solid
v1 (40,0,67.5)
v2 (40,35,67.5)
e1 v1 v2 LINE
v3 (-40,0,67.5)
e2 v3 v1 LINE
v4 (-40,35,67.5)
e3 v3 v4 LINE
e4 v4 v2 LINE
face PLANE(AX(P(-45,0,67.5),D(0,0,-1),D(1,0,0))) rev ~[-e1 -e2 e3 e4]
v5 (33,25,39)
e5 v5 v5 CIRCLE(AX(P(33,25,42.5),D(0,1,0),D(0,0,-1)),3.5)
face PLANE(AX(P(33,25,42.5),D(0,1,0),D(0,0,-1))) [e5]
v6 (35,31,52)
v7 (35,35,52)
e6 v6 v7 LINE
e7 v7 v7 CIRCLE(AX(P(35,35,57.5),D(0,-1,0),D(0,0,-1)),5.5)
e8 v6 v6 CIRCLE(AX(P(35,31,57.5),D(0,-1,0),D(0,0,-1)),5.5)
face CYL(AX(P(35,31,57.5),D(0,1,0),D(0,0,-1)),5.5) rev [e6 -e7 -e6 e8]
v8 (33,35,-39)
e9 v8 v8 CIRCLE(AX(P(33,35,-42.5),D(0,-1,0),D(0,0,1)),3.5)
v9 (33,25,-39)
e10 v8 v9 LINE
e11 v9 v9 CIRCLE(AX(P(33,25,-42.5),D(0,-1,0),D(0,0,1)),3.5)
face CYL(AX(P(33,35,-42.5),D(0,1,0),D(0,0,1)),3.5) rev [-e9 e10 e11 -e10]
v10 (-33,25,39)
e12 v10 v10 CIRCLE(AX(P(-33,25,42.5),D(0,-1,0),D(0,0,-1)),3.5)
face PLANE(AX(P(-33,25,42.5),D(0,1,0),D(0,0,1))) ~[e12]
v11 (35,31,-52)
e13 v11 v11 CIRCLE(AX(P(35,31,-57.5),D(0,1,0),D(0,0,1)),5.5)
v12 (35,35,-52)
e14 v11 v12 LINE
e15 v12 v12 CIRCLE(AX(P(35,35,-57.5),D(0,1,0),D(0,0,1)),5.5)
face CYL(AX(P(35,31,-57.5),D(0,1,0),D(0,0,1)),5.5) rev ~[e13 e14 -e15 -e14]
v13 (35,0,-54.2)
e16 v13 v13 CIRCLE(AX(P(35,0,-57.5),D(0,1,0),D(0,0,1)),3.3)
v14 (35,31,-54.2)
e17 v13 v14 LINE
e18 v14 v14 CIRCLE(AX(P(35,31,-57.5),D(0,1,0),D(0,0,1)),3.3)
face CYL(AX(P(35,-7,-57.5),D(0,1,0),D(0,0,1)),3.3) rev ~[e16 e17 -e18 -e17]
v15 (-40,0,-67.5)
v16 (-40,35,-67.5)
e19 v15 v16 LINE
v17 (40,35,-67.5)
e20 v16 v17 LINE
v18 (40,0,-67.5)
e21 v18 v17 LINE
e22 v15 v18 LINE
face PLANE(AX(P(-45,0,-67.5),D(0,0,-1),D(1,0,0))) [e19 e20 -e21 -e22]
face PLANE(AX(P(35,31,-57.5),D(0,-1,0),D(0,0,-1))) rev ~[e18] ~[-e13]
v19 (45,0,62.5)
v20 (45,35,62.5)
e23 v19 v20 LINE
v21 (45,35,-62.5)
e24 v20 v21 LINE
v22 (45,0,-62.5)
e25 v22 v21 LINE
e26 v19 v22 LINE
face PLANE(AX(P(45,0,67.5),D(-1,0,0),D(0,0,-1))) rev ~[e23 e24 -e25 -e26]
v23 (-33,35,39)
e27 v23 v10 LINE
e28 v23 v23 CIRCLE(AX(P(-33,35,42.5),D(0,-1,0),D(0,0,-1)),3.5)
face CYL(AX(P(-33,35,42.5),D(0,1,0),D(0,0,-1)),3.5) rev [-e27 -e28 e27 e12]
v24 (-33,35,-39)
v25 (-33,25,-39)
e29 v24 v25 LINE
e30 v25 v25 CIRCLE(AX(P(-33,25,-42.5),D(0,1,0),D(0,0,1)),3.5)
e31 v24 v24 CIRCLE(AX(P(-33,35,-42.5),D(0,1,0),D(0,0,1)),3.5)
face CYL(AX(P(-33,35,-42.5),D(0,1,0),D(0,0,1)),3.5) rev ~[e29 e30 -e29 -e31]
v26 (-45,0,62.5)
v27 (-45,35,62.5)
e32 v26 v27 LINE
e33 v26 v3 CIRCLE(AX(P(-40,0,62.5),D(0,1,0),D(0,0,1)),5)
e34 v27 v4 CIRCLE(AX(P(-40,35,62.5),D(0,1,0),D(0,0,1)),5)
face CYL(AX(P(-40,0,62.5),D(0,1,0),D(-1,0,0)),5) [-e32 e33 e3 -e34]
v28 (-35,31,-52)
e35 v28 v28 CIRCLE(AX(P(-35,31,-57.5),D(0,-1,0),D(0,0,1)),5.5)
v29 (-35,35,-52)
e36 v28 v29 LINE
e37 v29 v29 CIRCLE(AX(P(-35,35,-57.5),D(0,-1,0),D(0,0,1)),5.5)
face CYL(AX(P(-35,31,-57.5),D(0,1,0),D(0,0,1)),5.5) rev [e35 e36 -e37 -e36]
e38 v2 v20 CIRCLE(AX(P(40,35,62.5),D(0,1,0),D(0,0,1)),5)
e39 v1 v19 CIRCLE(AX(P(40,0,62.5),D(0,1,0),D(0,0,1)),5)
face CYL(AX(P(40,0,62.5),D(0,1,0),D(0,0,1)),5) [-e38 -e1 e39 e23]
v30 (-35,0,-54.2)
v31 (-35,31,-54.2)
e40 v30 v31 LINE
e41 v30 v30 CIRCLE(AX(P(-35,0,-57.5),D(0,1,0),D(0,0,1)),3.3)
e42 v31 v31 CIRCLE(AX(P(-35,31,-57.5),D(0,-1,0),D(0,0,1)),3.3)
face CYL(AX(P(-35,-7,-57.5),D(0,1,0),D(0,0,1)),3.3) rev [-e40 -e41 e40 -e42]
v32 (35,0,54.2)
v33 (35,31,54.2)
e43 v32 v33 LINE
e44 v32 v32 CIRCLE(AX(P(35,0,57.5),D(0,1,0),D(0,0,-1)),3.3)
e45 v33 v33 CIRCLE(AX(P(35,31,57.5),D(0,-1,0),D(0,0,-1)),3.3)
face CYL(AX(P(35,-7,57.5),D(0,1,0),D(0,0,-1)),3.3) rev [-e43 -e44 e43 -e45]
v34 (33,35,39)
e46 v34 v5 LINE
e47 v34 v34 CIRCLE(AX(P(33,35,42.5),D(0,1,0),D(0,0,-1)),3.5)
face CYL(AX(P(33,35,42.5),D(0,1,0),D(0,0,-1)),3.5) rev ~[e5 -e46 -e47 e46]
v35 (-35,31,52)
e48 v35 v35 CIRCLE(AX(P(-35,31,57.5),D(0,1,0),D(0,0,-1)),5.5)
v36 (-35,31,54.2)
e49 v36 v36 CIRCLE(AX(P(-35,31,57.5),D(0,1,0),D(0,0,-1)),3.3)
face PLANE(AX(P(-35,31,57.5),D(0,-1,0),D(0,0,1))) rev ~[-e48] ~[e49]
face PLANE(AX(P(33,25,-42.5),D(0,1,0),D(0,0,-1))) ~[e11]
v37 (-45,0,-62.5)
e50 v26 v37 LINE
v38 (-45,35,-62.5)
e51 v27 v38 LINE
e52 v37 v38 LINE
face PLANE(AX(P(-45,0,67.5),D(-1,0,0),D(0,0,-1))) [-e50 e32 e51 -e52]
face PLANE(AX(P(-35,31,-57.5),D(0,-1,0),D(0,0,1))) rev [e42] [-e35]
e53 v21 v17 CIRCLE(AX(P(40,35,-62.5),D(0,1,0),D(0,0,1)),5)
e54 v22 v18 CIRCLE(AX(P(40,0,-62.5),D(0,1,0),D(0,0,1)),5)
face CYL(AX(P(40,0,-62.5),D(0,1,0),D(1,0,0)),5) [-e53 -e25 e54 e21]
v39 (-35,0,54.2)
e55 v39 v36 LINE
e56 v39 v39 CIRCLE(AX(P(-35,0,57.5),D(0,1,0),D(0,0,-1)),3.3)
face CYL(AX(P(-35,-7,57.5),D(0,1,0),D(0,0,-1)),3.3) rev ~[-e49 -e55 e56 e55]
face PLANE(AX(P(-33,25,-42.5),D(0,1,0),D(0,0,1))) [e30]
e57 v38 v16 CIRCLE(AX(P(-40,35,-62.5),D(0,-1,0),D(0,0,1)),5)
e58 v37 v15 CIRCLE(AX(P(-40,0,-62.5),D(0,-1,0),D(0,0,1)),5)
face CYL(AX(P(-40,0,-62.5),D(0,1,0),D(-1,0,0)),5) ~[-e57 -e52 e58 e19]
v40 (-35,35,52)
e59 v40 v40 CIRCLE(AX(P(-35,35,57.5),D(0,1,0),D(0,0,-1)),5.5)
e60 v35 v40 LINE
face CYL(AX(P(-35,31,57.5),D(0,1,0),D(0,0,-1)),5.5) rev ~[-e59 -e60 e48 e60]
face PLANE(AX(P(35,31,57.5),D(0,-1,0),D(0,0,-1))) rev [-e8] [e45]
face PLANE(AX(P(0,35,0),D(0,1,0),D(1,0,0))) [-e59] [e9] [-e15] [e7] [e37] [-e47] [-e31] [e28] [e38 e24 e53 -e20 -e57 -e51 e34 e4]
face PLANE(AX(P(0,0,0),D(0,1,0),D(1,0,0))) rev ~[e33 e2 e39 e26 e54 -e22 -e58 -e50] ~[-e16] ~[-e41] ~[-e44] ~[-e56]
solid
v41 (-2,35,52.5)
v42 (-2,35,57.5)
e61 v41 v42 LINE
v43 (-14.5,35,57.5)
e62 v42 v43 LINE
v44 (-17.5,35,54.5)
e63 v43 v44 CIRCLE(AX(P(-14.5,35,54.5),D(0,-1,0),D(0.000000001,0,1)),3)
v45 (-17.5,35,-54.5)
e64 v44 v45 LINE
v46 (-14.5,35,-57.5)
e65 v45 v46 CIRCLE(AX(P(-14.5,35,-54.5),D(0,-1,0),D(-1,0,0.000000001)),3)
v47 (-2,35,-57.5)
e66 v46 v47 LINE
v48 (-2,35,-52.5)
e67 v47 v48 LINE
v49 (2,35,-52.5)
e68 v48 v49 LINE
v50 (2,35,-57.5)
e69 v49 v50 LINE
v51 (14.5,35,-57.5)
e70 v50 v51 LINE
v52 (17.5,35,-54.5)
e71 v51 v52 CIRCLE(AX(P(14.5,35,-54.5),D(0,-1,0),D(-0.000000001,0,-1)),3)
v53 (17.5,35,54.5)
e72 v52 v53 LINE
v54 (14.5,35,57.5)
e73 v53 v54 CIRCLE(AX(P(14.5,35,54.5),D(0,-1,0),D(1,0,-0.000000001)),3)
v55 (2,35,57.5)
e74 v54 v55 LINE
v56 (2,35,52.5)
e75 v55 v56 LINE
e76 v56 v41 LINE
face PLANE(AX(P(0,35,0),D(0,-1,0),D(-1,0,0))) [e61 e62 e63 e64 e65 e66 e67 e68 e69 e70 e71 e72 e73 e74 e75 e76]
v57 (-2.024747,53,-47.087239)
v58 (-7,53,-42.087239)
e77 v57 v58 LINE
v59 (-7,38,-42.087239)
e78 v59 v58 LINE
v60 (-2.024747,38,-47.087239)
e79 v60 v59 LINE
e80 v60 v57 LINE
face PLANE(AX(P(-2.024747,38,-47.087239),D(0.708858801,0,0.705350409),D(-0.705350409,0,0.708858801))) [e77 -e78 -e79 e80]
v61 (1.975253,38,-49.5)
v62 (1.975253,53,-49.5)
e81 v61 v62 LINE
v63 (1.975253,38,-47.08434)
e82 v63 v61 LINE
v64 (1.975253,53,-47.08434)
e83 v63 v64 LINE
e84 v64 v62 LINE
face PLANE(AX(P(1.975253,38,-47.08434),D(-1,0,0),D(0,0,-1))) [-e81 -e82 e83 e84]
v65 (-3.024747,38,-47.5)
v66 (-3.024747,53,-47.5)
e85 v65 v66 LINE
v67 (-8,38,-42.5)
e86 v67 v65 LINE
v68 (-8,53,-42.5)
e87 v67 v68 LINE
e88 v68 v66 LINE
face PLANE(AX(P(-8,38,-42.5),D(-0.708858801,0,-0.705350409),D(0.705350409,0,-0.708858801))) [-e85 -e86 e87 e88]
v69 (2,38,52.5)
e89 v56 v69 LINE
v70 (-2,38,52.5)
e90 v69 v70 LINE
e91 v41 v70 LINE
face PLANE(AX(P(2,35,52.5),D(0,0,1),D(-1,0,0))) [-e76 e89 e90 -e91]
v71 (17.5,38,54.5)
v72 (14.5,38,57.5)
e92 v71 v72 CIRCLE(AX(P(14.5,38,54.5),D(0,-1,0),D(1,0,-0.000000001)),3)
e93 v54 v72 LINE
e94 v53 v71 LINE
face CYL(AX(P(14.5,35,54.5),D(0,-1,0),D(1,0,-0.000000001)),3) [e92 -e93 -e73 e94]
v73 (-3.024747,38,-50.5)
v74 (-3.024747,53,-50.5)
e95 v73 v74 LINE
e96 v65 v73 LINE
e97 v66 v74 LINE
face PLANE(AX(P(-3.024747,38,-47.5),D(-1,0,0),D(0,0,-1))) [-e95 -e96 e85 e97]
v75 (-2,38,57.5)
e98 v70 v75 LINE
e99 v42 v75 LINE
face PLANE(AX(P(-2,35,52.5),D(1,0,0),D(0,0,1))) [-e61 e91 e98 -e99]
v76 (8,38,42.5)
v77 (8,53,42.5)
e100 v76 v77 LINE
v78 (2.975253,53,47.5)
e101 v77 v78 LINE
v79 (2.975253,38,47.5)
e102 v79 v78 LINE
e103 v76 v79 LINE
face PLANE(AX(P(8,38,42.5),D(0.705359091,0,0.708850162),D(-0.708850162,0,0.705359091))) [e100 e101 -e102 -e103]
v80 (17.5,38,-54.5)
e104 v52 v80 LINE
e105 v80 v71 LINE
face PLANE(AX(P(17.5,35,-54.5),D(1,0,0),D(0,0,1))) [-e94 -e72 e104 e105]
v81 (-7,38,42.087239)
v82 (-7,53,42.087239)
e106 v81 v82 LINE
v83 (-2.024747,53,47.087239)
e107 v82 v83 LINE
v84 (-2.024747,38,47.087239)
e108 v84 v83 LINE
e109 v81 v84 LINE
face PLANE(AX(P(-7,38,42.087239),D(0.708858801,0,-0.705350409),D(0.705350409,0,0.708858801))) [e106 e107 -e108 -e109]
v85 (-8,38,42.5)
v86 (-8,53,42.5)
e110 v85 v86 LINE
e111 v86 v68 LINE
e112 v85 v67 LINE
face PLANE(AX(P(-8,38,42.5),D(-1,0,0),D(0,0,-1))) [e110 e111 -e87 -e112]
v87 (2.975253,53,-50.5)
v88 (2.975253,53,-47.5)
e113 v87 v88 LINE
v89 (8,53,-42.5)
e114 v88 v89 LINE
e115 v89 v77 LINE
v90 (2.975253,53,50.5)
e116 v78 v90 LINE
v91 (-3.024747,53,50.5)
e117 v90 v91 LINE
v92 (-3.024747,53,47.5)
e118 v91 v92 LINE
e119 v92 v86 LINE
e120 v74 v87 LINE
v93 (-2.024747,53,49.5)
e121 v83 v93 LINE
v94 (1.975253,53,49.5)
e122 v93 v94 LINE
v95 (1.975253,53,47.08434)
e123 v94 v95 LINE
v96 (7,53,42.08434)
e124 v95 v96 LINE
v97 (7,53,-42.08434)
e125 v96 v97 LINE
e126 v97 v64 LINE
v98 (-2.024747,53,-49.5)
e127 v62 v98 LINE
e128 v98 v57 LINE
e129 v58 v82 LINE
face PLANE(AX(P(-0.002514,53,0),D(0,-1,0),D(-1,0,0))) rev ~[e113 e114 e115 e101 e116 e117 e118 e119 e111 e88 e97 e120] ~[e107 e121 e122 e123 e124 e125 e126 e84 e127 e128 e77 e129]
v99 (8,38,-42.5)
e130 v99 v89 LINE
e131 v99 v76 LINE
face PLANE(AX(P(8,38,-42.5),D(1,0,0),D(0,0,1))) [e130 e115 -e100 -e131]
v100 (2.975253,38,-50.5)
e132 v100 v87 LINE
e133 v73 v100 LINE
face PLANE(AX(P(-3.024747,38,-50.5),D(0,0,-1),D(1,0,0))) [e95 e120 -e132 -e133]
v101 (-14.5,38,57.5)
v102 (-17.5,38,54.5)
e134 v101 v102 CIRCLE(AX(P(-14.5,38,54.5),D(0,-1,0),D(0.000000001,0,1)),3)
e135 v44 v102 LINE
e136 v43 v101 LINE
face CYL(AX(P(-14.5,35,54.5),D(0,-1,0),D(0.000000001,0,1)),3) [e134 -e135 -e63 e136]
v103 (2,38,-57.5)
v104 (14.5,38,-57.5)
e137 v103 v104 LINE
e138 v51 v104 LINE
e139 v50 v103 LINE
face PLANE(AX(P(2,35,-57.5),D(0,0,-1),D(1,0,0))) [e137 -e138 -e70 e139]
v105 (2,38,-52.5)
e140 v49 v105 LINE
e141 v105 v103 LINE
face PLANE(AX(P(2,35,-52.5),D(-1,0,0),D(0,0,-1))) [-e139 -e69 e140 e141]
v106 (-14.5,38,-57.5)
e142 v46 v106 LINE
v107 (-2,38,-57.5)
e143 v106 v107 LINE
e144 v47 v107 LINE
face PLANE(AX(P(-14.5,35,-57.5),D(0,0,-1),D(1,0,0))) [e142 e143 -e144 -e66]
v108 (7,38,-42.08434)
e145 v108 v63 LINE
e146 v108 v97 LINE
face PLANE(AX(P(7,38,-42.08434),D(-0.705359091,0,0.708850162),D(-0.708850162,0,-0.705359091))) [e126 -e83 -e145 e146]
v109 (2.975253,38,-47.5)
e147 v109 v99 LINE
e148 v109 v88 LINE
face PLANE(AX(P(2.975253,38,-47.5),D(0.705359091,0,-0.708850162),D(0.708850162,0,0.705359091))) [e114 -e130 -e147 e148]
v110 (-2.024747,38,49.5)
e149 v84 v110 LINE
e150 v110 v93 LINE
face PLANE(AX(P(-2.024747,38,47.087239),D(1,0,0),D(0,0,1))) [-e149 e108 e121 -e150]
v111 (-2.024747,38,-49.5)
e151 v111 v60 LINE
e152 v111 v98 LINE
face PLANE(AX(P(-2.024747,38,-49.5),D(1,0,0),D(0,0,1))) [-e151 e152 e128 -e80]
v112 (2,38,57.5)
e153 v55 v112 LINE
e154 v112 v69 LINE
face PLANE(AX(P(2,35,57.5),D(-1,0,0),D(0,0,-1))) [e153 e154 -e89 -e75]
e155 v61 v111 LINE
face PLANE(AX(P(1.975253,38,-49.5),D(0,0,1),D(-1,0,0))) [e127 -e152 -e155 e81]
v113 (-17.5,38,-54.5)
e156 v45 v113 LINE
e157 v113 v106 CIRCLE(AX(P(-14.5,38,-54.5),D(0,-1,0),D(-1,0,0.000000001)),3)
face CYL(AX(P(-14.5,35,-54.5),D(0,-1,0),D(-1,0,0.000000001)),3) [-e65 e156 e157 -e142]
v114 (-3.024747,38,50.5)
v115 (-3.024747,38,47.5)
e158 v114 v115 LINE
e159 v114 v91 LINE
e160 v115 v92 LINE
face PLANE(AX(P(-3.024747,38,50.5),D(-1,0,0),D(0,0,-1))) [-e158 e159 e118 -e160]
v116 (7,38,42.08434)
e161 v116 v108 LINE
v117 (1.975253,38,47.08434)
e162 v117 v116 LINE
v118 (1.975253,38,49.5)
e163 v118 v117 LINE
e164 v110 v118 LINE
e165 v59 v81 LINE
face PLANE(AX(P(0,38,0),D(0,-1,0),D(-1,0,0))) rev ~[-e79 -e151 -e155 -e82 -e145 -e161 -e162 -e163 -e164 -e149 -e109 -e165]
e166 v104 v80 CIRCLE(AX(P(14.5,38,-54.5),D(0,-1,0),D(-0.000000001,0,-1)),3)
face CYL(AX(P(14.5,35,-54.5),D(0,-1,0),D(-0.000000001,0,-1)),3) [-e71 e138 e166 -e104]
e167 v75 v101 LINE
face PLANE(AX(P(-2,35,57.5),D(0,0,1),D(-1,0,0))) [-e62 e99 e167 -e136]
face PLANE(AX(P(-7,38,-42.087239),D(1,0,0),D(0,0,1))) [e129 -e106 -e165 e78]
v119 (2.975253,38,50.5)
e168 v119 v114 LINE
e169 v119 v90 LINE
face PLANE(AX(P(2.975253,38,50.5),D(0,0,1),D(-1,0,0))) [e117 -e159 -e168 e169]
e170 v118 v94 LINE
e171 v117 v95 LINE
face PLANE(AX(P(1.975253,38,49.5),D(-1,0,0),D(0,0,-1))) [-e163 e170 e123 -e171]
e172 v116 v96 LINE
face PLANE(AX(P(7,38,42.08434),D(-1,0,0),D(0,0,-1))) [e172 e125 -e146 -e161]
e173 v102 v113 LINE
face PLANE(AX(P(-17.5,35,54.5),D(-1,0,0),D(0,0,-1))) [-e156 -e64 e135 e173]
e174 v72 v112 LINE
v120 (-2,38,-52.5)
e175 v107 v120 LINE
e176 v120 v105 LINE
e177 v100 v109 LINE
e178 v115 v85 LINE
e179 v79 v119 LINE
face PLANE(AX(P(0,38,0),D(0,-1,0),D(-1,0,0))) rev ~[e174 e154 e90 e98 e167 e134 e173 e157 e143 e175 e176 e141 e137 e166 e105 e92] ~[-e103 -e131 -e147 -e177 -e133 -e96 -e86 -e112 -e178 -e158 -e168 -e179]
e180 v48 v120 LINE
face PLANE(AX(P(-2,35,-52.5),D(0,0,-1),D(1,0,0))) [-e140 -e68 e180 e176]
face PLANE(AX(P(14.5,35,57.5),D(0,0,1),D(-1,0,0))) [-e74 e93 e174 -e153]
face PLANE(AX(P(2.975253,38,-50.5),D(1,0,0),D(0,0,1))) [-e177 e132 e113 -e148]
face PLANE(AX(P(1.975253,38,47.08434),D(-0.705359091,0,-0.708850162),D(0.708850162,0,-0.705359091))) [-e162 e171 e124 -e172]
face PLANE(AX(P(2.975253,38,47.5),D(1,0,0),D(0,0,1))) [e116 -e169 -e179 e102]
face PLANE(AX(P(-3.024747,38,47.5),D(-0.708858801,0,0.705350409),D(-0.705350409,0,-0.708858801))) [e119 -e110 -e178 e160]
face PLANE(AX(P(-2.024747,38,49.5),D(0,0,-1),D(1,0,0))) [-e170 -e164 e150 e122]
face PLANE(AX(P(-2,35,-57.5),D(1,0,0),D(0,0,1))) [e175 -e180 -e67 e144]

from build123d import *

# Parameters (mm, degrees)
SKETCH2_W               = 90
SKETCH2_H               = 135
BOSS_EXTRUDE1_DEPTH     = 35
FILLET1_R               = 5
SKETCH8_R               = 3.5
CUT_EXTRUDE1_DEPTH      = 10
MIRROR2_COPY_2_SKETCH_R = 3.5
MIRROR2_COPY_2_DEPTH    = 10
BOSS_EXTRUDE2_DEPTH     = 3
BOSS_EXTRUDE3_DEPTH     = 15


with BuildPart() as part:
    # Sketch2 → Boss-Extrude1 (new body)
    with BuildSketch(Plane(origin=(0, 0, 0), x_dir=(1, 0, 0), z_dir=(0, 1, 0))):
        Rectangle(SKETCH2_W, SKETCH2_H)
    extrude(amount=BOSS_EXTRUDE1_DEPTH)

    # Fillet1
    fillet1_edges = [part.edges().sort_by_distance(p)[0] for p in [
        (-45, 17.5, -67.5),
        (45, 17.5, -67.5),
        (45, 17.5, 67.5),
        (-45, 17.5, 67.5),
    ]]
    fillet(fillet1_edges, radius=FILLET1_R)

    # Sketch6 → CBORE for M6 Hex Head Bolt1 (revolve, cut)
    with BuildSketch(Plane(origin=(-35, 35, -57.5), x_dir=(0, 0, 1), z_dir=(1, 0, 0))):
        Polygon((0, 0), (0, 43.982840043), (3.3, 42), (3.3, 4), (5.5, 4), (5.5, 0), align=None)
    cbore_for_m6_hex_head_bolt1 = revolve(axis=Axis((-35, 41.35, -57.5), (0, -1, 0)), mode=Mode.SUBTRACT)

    # Sketch8 → Cut-Extrude1 (cut)
    with BuildSketch(Plane(origin=(0, 35, 0), x_dir=(1, 0, 0), z_dir=(0, 1, 0))):
        with Locations(Location((-33, 42.5, 0), (0, 0, 270))):
            Circle(SKETCH8_R)
    cut_extrude1 = extrude(amount=-CUT_EXTRUDE1_DEPTH, mode=Mode.SUBTRACT)

    # Mirror1: CBORE for M6 Hex Head Bolt1, Cut-Extrude1 across plane
    add(cbore_for_m6_hex_head_bolt1.mirror(Plane(origin=(0, 0, 0), x_dir=(0, 0, 1), z_dir=(1, 0, 0))), mode=Mode.SUBTRACT)
    add(cut_extrude1.mirror(Plane(origin=(0, 0, 0), x_dir=(0, 0, 1), z_dir=(1, 0, 0))), mode=Mode.SUBTRACT)

    # Mirror2: CBORE for M6 Hex Head Bolt1, Cut-Extrude1 across plane
    add(cbore_for_m6_hex_head_bolt1.mirror(Plane.XY), mode=Mode.SUBTRACT)
    add(cut_extrude1.mirror(Plane.XY), mode=Mode.SUBTRACT)

    # Mirror2 copy 1 sketch → Mirror2 copy 1 (revolve, cut)
    with BuildSketch(Plane(origin=(35, 35, 57.5), x_dir=(0, 0, -1), z_dir=(-1, 0, 0))):
        Polygon((0, 0), (0, 43.982840043), (3.3, 42), (3.3, 4), (5.5, 4), (5.5, 0), align=None)
    revolve(axis=Axis((35, 41.35, 57.5), (0, -1, 0)), mode=Mode.SUBTRACT)

    # Mirror2 copy 2 sketch → Mirror2 copy 2 (cut)
    with BuildSketch(Plane(origin=(0, 35, 0), x_dir=(-1, 0, 0), z_dir=(0, 1, 0))):
        with Locations(Location((-33, 42.5, 0), (0, 0, 270))):
            Circle(MIRROR2_COPY_2_SKETCH_R)
    extrude(amount=-MIRROR2_COPY_2_DEPTH, mode=Mode.SUBTRACT)


with BuildPart() as body_2:
    # Sketch9 → Boss-Extrude2 (new body)
    with BuildSketch(Plane(origin=(0, 35, 0), x_dir=(1, 0, 0), z_dir=(0, 1, 0))):
        with BuildLine():
            Line((14.5, -57.5), (2, -57.5))
            Line((2, -57.5), (2, -52.5))
            Line((2, -52.5), (-2, -52.5))
            Line((-2, -52.5), (-2, -57.5))
            Line((-2, -57.5), (-14.5, -57.5))
            ThreePointArc((-14.5, -57.5), (-16.621320344, -56.621320344), (-17.5, -54.5))
            Line((-17.5, -54.5), (-17.5, 54.5))
            ThreePointArc((-17.5, 54.5), (-16.621320344, 56.621320344), (-14.5, 57.5))
            Line((-14.5, 57.5), (-2, 57.5))
            Line((-2, 57.5), (-2, 52.5))
            Line((-2, 52.5), (2, 52.5))
            Line((2, 52.5), (2, 57.5))
            Line((2, 57.5), (14.5, 57.5))
            ThreePointArc((14.5, 57.5), (16.621320344, 56.621320344), (17.5, 54.5))
            Line((17.5, 54.5), (17.5, -54.5))
            ThreePointArc((17.5, -54.5), (16.621320344, -56.621320344), (14.5, -57.5))
        make_face()
    extrude(amount=BOSS_EXTRUDE2_DEPTH)

    # Sketch10 → Boss-Extrude3 (add)
    with BuildSketch(Plane(origin=(0, 38, 0), x_dir=(1, 0, 0), z_dir=(0, 1, 0))):
        Polygon((2.975253238, 47.5), (8, 42.5), (8, -42.5), (2.975253238, -47.5), (2.975253238, -50.5), (-3.024746762, -50.5), (-3.024746762, -47.5), (-8, -42.5), (-8, 42.5), (-3.024746762, 47.5), (-3.024746762, 50.5), (2.975253238, 50.5), align=None)
        Polygon((7, -42.084339647), (7, 42.084339647), (1.975253238, 47.084339647), (1.975253238, 49.5), (-2.024746762, 49.5), (-2.024746762, 47.087238917), (-7, 42.087238917), (-7, -42.087238917), (-2.024746762, -47.087238917), (-2.024746762, -49.5), (1.975253238, -49.5), (1.975253238, -47.084339647), align=None, mode=Mode.SUBTRACT)
    extrude(amount=BOSS_EXTRUDE3_DEPTH)


solid = Compound([part.part, body_2.part])
